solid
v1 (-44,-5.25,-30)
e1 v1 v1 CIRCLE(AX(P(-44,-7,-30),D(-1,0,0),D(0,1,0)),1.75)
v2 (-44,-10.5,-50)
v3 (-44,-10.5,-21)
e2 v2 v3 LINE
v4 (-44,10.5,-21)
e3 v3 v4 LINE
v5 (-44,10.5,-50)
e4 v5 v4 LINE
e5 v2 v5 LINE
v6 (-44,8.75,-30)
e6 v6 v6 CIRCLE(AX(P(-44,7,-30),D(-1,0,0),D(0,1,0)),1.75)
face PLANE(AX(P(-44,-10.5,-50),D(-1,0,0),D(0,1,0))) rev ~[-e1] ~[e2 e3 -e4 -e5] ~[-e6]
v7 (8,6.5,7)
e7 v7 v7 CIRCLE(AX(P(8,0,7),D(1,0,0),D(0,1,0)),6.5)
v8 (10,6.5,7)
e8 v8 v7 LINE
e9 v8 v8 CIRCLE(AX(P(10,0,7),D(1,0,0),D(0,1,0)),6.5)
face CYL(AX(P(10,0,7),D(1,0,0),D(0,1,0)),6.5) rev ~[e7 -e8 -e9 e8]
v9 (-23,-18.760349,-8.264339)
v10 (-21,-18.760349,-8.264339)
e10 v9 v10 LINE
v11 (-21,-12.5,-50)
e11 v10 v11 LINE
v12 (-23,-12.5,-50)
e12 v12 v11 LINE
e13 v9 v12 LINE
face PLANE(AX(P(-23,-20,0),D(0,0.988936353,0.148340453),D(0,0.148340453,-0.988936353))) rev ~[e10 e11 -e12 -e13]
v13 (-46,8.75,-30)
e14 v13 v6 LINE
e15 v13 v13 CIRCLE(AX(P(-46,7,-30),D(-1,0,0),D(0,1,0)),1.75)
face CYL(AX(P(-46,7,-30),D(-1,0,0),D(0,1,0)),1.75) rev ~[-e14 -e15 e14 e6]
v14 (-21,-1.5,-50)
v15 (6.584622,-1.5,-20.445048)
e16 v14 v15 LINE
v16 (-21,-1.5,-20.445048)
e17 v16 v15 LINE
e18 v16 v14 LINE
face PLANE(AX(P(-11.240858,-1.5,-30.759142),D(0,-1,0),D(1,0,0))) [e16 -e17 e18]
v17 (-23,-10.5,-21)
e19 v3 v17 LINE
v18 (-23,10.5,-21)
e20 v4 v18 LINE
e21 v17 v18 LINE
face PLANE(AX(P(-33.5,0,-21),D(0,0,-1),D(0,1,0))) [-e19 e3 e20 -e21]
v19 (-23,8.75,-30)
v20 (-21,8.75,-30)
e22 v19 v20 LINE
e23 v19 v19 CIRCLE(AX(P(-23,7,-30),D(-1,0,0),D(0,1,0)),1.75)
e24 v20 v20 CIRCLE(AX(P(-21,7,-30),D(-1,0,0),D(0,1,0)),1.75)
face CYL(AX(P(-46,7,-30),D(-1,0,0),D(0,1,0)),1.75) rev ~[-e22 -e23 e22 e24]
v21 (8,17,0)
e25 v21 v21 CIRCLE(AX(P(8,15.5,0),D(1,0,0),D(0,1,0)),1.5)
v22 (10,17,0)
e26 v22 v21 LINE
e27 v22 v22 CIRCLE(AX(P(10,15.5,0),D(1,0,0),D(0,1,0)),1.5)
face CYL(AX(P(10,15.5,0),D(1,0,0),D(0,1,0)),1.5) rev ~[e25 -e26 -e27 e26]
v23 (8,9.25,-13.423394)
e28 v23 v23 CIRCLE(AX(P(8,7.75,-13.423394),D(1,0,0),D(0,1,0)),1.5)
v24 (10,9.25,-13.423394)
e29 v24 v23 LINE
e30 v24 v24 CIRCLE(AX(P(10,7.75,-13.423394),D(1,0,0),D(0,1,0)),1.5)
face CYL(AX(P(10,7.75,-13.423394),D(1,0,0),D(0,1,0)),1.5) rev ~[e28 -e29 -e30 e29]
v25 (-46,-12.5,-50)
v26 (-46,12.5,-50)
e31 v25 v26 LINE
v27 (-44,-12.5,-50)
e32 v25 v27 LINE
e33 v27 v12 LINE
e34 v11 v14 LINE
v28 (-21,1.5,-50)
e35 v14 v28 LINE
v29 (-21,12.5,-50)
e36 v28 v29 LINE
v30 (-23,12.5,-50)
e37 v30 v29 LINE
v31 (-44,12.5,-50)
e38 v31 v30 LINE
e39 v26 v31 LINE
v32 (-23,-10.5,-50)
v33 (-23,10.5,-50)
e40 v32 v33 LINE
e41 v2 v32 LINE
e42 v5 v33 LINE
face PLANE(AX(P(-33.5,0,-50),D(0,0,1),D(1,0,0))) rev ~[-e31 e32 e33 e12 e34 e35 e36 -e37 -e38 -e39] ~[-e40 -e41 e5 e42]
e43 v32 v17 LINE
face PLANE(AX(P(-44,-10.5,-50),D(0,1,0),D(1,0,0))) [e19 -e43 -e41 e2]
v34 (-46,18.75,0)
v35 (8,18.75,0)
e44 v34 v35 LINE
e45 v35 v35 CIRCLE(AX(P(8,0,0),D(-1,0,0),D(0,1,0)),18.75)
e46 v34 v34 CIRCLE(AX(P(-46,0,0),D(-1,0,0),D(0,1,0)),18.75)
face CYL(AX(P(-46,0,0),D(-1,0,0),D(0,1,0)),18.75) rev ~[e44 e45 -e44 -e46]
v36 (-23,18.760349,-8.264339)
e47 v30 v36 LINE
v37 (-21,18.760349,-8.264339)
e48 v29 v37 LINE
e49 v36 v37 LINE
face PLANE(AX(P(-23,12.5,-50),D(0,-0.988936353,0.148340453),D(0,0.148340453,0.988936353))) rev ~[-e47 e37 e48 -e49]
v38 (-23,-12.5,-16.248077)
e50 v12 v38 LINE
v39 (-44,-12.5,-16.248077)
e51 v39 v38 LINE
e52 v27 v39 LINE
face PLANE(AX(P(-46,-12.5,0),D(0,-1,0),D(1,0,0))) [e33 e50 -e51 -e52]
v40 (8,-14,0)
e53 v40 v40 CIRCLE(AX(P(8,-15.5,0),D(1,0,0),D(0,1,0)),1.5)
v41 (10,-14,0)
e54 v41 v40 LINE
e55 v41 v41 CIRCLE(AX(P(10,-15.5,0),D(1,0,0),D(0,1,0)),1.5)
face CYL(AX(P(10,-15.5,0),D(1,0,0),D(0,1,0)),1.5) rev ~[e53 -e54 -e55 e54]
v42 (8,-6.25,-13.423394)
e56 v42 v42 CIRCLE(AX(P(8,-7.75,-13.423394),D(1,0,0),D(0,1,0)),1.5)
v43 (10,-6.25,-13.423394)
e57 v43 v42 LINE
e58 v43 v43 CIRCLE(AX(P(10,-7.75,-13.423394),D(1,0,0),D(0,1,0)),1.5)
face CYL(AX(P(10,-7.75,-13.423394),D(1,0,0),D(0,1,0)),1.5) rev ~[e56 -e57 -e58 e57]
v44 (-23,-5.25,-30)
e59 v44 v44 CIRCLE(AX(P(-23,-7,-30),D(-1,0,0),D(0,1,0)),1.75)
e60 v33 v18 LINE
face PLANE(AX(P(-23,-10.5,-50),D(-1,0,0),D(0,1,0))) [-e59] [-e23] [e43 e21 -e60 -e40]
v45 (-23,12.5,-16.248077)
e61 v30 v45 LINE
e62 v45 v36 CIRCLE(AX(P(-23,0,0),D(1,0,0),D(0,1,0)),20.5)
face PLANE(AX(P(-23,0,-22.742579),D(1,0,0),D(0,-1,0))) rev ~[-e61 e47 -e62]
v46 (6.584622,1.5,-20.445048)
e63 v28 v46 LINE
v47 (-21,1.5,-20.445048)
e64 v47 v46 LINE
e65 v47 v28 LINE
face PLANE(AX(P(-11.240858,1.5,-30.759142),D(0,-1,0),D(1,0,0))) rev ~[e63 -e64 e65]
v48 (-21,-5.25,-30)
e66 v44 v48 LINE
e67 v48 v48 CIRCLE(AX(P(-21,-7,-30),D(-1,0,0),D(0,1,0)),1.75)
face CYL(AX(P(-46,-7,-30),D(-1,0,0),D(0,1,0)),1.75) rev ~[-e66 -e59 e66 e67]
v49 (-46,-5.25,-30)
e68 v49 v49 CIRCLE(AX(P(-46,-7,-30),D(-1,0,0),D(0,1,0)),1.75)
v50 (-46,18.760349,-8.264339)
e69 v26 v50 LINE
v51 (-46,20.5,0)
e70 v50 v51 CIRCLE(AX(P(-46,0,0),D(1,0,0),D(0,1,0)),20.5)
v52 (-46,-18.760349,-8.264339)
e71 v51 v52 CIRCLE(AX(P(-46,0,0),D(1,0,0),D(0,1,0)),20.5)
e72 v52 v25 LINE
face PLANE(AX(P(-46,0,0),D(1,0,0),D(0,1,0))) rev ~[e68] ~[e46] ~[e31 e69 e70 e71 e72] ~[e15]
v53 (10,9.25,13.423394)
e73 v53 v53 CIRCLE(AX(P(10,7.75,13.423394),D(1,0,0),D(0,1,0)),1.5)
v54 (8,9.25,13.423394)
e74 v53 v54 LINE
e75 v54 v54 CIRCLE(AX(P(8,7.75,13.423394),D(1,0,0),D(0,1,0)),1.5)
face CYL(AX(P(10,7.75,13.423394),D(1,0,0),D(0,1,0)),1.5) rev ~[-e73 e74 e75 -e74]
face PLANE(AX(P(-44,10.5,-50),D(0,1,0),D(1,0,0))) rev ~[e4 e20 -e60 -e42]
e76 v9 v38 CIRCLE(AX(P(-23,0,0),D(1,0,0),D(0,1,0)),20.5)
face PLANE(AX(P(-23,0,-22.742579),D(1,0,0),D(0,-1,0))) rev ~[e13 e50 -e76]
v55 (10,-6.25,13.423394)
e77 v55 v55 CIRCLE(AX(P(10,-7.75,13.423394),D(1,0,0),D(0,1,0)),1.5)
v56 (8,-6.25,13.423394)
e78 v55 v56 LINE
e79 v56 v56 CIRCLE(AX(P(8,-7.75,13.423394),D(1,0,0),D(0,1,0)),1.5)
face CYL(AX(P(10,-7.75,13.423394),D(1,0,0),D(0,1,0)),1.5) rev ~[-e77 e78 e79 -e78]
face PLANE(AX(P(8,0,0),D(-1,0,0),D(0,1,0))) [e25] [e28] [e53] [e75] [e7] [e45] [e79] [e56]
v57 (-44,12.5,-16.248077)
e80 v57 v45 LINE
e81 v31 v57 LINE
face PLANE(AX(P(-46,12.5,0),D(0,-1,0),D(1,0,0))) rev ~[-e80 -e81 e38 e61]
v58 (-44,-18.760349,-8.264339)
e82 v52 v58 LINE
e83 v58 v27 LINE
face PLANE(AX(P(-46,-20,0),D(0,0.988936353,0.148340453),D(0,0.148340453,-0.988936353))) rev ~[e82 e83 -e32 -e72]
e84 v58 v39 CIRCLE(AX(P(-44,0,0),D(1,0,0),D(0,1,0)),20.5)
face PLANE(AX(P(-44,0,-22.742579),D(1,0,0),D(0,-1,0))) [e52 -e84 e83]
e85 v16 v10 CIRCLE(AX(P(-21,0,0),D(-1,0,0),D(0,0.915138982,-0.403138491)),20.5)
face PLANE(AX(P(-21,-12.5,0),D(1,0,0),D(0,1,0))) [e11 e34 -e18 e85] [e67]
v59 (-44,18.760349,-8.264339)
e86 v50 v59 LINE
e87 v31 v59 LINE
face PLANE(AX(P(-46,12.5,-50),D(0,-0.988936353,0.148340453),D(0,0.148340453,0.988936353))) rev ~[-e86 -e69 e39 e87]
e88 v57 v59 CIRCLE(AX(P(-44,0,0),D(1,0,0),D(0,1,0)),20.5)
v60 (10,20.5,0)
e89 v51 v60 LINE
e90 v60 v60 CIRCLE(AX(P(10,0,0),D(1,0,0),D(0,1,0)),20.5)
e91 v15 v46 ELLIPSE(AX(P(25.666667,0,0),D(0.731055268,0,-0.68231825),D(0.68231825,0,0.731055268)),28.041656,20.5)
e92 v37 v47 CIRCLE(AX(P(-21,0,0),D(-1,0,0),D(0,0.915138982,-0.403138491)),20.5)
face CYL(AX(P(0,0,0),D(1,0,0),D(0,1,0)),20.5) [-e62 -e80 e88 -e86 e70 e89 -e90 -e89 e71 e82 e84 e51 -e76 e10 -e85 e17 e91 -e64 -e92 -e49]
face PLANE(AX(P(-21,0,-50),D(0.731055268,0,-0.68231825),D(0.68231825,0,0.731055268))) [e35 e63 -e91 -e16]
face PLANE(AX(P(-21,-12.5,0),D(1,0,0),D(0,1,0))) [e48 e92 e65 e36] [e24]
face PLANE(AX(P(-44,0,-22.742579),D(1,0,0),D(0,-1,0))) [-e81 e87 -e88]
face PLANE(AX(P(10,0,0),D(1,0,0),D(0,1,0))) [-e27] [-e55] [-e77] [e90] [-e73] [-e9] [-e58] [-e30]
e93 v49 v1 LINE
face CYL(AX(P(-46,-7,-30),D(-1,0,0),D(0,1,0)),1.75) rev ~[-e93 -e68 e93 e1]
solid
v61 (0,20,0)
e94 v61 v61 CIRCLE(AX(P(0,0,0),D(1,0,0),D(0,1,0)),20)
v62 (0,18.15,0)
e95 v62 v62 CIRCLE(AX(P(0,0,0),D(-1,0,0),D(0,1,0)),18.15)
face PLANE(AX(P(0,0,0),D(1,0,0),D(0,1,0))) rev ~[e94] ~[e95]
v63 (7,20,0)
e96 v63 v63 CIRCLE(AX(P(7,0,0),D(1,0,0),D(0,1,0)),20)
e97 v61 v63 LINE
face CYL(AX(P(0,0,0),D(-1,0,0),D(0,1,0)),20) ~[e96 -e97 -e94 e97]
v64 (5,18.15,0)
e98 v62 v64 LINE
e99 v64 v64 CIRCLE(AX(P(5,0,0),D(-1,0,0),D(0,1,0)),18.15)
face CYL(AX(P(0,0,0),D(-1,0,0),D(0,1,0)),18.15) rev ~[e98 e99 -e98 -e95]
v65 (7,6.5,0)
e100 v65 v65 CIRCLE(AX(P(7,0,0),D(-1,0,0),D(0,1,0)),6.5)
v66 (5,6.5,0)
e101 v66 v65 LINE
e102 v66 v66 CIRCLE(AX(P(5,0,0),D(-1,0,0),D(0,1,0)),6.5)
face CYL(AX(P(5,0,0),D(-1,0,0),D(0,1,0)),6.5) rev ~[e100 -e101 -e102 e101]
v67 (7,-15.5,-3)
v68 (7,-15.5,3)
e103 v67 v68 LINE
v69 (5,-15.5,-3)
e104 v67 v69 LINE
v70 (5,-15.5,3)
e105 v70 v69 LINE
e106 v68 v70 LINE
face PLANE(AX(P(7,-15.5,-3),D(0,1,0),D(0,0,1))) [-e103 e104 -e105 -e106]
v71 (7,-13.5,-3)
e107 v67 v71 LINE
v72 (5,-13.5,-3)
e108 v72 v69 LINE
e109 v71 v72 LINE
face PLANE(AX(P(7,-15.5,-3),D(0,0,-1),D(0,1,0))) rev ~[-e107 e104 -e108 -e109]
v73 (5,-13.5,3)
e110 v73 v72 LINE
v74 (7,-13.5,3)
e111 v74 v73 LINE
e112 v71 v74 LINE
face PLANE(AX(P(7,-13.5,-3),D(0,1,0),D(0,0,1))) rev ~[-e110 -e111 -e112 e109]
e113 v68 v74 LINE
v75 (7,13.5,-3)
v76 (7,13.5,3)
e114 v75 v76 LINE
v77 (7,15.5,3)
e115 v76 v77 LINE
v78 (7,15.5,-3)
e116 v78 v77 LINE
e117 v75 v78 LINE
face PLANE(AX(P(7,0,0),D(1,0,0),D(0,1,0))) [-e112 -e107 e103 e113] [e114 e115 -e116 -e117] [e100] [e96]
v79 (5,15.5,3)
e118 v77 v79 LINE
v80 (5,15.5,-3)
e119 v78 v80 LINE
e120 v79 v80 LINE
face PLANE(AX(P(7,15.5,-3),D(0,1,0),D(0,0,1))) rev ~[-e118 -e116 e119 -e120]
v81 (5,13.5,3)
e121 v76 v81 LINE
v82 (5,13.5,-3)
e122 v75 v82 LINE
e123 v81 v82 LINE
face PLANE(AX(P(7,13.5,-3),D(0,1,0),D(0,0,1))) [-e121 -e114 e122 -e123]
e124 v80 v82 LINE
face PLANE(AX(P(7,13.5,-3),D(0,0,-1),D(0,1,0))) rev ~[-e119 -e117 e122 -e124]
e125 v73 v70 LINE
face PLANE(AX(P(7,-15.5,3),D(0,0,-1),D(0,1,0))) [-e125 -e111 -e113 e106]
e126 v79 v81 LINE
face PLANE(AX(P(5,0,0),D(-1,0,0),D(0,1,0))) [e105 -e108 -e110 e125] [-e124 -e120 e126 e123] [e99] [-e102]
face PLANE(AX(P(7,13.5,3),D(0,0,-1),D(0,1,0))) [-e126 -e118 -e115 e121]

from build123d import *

# Parameters (mm, degrees)
SKETCH009_R            = 20
PAD005_DEPTH           = 7
SKETCH010_R            = 18.15
POCKET004_DEPTH        = 5
SKETCH011_R            = 6.5
POCKET005_DEPTH        = 2.001
SKETCH012_W            = 2
SKETCH012_H            = 6
POCKET006_DEPTH        = 7.001
SKETCH018_R            = 20.5
PAD006_DEPTH           = 10
PAD006_DEPTH_BACK      = 46
SKETCH019_R            = 6.5
SKETCH019_R_2          = 1.5
POCKET007_DEPTH        = 2
SKETCH013_W            = 25
SKETCH013_H            = 25
PAD009_DEPTH           = 50
PAD008_DEPTH           = 2
LINEARPATTERN001_COUNT = 2
LINEARPATTERN001_PITCH = 23
SKETCH017_R            = 18.75
POCKET008_DEPTH        = 54
SKETCH020_R            = 1.75
POCKET010_DEPTH        = 56.001
PAD010_DEPTH           = 1.5
SKETCH022_W            = 21
SKETCH022_H            = 21
POCKET011_DEPTH        = 29


with BuildPart() as back:
    # Sketch009 → Pad005 (new body)
    with BuildSketch(Plane.YZ):
        Circle(SKETCH009_R)
    extrude(amount=PAD005_DEPTH)

    # Sketch010 (on Face2 of Pad005) → Pocket004 (cut)
    with BuildSketch(Plane(origin=(0, 0, 0), x_dir=(0, 1, 0), z_dir=(-1, 0, 0))):
        Circle(SKETCH010_R)
    extrude(amount=-POCKET004_DEPTH, mode=Mode.SUBTRACT)

    # Sketch011 (on Face5 of Pocket004) → Pocket005 (cut, through all)
    with BuildSketch(Plane(origin=(5, 0, 0), x_dir=(0, 1, 0), z_dir=(-1, 0, 0))):
        Circle(SKETCH011_R)
    extrude(amount=-POCKET005_DEPTH, mode=Mode.SUBTRACT)

    # Sketch012 (on Face3 of Pocket005) → Pocket006 (cut, through all)
    with BuildSketch(Plane.YZ.offset(7)):
        with Locations((-14.5, 0)):
            Rectangle(SKETCH012_W, SKETCH012_H)
        with Locations((14.5, 0)):
            Rectangle(SKETCH012_W, SKETCH012_H)
    extrude(amount=-POCKET006_DEPTH, mode=Mode.SUBTRACT)


with BuildPart() as body:
    # Sketch018 → Pad006 (new body, two sides)
    with BuildSketch(Plane.YZ) as pad006_sk:
        Circle(SKETCH018_R)
    extrude(amount=PAD006_DEPTH)
    extrude(pad006_sk.sketch, amount=-PAD006_DEPTH_BACK)

    # Sketch019 → Pocket007 (cut)
    with BuildSketch(Plane.YZ.offset(10)):
        with Locations((0, 7)):
            Circle(SKETCH019_R)
        with Locations((7.75, -13.423394)):
            Circle(SKETCH019_R_2)
        with Locations((15.5, 0)):
            Circle(SKETCH019_R_2)
        with Locations((-15.5, 0)):
            Circle(SKETCH019_R_2)
        with Locations((-7.75, -13.423394)):
            Circle(SKETCH019_R_2)
        with Locations((7.75, 13.423394)):
            Circle(SKETCH019_R_2)
        with Locations((-7.75, 13.423394)):
            Circle(SKETCH019_R_2)
    extrude(amount=-POCKET007_DEPTH, mode=Mode.SUBTRACT)

    # Sketch013 → Pad009 (join)
    with BuildSketch(Plane.XY):
        with Locations((-33.5, 0)):
            Rectangle(SKETCH013_W, SKETCH013_H)
    extrude(amount=-PAD009_DEPTH)

    # Sketch016 → Pad008 (join)
    with BuildSketch(Plane(origin=(-46, 0, 0), x_dir=(0, 1, 0), z_dir=(-1, 0, 0))):
        Polygon((20, 0), (-20, 0), (-12.5, 50), (12.5, 50), align=None)
    pad008 = extrude(amount=-PAD008_DEPTH)

    # LinearPattern001: Pad008 ×2
    with Locations(*[(i * LINEARPATTERN001_PITCH, 0, 0) for i in range(1, LINEARPATTERN001_COUNT)]):
        add(pad008)

    # Sketch017 (on Face2 of Pad006) → Pocket008 (cut)
    with BuildSketch(Plane(origin=(-46, 0, 0), x_dir=(0, 1, 0), z_dir=(-1, 0, 0))):
        Circle(SKETCH017_R)
    extrude(amount=-POCKET008_DEPTH, mode=Mode.SUBTRACT)

    # Sketch020 → Pocket010 (cut, through all)
    with BuildSketch(Plane(origin=(-46, 0, 0), x_dir=(0, 1, 0), z_dir=(-1, 0, 0))):
        with Locations((-7, 30)):
            Circle(SKETCH020_R)
        with Locations((7, 30)):
            Circle(SKETCH020_R)
    extrude(amount=-POCKET010_DEPTH, mode=Mode.SUBTRACT)

    # Sketch021 → Pad010 (join, symmetric)
    with BuildSketch(Plane.XZ):
        Polygon((7, -20), (-21, -20), (-21, -50), align=None)
    extrude(amount=PAD010_DEPTH, both=True)

    # Sketch022 (on Face6 of Pad010) → Pocket011 (cut)
    with BuildSketch(Plane.YX.offset(50)):
        with Locations((0, -33.5)):
            Rectangle(SKETCH022_W, SKETCH022_H)
    extrude(amount=-POCKET011_DEPTH, mode=Mode.SUBTRACT)


solid = Compound([back.part, body.part])
